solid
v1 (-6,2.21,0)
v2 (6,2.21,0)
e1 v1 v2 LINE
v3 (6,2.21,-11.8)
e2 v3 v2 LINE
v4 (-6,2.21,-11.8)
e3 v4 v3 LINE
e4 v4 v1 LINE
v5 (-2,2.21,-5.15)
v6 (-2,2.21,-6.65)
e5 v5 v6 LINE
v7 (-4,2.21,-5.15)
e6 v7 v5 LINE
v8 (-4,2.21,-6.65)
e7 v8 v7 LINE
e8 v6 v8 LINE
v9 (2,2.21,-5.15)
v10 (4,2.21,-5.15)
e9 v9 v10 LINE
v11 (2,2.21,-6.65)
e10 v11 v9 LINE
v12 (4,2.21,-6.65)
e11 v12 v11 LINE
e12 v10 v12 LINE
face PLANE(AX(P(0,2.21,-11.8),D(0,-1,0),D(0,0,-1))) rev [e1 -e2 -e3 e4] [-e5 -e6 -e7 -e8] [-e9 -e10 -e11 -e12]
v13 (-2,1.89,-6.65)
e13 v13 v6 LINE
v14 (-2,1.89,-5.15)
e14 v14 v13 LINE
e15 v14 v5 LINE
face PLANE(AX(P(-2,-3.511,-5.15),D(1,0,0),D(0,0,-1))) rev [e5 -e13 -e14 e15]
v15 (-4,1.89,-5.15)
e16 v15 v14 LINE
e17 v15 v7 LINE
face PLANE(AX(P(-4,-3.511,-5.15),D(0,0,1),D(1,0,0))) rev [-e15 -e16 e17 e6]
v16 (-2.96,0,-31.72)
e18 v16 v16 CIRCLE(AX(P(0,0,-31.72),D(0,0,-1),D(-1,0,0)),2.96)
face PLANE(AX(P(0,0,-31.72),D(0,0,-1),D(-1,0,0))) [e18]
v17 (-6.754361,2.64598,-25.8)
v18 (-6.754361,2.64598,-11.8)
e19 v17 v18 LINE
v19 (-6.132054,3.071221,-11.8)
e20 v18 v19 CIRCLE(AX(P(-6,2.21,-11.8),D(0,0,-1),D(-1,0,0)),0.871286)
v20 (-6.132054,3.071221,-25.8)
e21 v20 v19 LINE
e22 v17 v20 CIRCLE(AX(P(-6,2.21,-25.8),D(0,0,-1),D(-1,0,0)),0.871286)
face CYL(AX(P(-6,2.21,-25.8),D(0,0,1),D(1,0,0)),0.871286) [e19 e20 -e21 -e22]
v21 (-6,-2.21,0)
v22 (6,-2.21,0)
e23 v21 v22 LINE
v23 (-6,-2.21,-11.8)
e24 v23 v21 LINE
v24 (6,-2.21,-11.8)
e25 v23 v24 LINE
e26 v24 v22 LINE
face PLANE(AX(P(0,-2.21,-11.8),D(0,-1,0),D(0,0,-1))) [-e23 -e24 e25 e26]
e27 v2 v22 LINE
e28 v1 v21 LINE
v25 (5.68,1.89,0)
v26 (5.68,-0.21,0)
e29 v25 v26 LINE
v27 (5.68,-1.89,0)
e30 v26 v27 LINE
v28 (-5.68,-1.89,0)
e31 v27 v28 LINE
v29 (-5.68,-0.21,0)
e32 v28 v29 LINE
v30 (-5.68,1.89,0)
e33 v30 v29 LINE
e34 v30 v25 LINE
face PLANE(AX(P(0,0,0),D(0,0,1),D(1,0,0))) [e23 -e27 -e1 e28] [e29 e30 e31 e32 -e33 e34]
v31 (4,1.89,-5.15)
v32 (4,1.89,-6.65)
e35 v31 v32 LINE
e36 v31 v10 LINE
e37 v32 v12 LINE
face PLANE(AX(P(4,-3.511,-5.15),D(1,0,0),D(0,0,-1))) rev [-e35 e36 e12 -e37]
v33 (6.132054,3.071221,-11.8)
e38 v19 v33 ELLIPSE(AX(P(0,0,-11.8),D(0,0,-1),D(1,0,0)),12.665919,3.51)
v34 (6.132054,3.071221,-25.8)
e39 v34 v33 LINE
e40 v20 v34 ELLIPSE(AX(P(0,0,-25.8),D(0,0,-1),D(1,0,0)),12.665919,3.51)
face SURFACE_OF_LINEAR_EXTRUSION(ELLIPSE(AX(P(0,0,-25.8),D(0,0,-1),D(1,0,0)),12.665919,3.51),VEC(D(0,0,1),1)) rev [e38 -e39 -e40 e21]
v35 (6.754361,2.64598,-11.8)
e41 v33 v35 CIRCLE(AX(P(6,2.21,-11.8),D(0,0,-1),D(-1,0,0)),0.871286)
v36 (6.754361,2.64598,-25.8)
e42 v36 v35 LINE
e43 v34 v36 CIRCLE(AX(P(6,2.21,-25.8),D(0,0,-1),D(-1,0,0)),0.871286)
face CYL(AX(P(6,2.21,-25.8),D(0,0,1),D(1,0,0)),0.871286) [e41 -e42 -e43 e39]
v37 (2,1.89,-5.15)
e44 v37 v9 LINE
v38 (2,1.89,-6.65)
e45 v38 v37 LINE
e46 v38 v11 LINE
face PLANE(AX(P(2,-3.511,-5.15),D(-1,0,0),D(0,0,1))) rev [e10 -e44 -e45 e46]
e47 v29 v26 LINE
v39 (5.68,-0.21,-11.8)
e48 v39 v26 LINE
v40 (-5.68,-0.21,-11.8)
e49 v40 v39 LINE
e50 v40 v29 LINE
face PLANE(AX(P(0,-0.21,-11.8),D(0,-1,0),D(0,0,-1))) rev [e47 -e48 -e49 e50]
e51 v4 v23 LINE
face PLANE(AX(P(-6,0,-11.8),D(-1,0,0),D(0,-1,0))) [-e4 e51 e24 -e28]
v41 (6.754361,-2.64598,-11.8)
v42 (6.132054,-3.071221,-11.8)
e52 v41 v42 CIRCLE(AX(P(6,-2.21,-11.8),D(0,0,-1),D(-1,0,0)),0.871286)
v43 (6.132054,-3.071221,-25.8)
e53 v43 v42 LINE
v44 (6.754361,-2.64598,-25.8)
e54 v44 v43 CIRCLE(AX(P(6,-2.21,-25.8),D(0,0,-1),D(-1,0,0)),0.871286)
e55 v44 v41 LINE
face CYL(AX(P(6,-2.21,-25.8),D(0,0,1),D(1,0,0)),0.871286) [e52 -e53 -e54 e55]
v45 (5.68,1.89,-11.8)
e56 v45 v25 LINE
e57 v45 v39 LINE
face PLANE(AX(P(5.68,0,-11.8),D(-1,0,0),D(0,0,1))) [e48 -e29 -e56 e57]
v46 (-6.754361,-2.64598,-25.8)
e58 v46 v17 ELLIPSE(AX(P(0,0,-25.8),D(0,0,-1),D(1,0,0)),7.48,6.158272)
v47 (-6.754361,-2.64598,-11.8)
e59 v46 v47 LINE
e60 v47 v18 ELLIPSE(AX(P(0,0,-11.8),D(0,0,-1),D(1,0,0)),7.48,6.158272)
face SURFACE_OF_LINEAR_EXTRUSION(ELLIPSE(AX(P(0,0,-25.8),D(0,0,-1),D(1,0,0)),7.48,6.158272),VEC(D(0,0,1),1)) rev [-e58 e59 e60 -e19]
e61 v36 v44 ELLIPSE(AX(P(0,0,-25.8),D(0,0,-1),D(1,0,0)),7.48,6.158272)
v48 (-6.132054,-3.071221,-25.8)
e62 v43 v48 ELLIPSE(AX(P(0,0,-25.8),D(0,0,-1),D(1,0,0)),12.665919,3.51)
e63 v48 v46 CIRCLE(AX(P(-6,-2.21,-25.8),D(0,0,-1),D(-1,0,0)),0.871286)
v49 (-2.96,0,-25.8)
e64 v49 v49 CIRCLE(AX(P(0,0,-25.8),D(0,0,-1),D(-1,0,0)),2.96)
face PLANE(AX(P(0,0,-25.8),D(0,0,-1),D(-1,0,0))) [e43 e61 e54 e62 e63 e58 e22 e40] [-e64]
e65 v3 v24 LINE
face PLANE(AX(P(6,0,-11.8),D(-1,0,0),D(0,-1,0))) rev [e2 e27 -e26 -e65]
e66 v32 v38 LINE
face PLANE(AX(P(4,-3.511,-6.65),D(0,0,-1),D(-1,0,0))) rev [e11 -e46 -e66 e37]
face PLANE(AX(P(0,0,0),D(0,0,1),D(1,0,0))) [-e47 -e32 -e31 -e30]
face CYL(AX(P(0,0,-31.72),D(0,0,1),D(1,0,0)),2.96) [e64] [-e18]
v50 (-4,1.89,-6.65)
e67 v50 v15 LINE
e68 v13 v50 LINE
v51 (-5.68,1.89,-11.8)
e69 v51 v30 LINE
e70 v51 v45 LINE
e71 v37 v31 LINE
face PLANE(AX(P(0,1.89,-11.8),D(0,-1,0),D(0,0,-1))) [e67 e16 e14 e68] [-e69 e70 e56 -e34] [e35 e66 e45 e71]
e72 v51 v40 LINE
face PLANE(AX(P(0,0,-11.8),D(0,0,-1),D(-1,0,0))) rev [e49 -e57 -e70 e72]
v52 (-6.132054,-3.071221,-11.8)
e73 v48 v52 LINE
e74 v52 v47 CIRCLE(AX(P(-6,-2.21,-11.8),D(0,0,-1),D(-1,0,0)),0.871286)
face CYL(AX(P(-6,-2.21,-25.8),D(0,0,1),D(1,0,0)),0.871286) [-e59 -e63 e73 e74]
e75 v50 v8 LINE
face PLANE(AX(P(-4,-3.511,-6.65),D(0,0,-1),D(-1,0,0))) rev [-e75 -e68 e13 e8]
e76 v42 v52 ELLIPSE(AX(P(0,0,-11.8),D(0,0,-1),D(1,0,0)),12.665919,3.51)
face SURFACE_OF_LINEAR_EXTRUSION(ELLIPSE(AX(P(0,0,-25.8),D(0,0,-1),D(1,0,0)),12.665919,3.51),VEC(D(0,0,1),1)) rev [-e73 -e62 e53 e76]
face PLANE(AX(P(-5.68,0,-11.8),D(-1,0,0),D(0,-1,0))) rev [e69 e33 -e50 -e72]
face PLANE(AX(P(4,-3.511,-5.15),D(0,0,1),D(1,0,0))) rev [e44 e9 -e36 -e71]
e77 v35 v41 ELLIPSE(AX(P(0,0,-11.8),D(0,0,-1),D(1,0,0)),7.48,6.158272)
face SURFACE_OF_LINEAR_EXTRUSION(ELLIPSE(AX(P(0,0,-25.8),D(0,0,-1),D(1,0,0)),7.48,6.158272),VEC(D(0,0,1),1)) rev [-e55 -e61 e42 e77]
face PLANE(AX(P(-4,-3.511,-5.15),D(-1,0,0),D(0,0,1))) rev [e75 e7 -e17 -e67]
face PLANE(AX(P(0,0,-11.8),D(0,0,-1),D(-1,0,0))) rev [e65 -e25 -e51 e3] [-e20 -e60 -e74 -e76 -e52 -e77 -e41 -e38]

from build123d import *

# Parameters (mm, degrees)
SKETCH1_W           = 12
SKETCH1_H           = 4.42
SKETCH1_W_2         = 11.36
SKETCH1_H_2         = 2.1
BOSS_EXTRUDE1_DEPTH = 11.8
BOSS_EXTRUDE3_DEPTH = 14
SKETCH3_R           = 2.96
BOSS_EXTRUDE4_DEPTH = 5.92
CUT_EXTRUDE1_REACH  = 35.088
SKETCH4_W           = 2
SKETCH4_H           = 1.5


with BuildPart() as part:
    # Sketch1 → Boss-Extrude1 (new body)
    with BuildSketch(Plane.XY):
        Rectangle(SKETCH1_W, SKETCH1_H)
        with Locations((0, 0.84)):
            Rectangle(SKETCH1_W_2, SKETCH1_H_2, mode=Mode.SUBTRACT)
    extrude(amount=-BOSS_EXTRUDE1_DEPTH)

    # Sketch2 → Boss-Extrude3 (add)
    with BuildSketch(Plane(origin=(0, 0, -11.8), x_dir=(-1, 0, 0), z_dir=(0, 0, -1))):
        with BuildLine():
            ThreePointArc((-6.132053571, 3.071220572), (-6.491568803, 2.929374125), (-6.754360741, 2.64598038))
            add(Edge.make_bspline(
                [(-6.754360741, 2.64598038), (-8.283596649, 0), (-6.754360741, -2.64598038)],
                knots=[5.839065971, 5.839065971, 5.839065971, 6.727304644, 6.727304644, 6.727304644], degree=2, weights=[1, 0.902989404, 1]))
            ThreePointArc((-6.754360741, -2.64598038), (-6.491568803, -2.929374125), (-6.132053571, -3.071220572))
            add(Edge.make_bspline(
                [(-6.132053571, -3.071220572), (0, -4.011467008), (6.132053571, -3.071220572)],
                knots=[1.065418499, 1.065418499, 1.065418499, 2.076174155, 2.076174155, 2.076174155], degree=2, weights=[1, 0.874991616, 1]))
            ThreePointArc((6.132053571, -3.071220572), (6.491568803, -2.929374125), (6.754360741, -2.64598038))
            add(Edge.make_bspline(
                [(6.754360741, -2.64598038), (8.283596649, 0), (6.754360741, 2.64598038)],
                knots=[2.697473317, 2.697473317, 2.697473317, 3.58571199, 3.58571199, 3.58571199], degree=2, weights=[1, 0.902989404, 1]))
            ThreePointArc((6.754360741, 2.64598038), (6.491568803, 2.929374125), (6.132053571, 3.071220572))
            add(Edge.make_bspline(
                [(6.132053571, 3.071220572), (0, 4.011467008), (-6.132053571, 3.071220572)],
                knots=[4.207011152, 4.207011152, 4.207011152, 5.217766808, 5.217766808, 5.217766808], degree=2, weights=[1, 0.874991616, 1]))
        make_face()
    extrude(amount=BOSS_EXTRUDE3_DEPTH)

    # Sketch3 → Boss-Extrude4 (add)
    with BuildSketch(Plane(origin=(0, 0, -25.8), x_dir=(-1, 0, 0), z_dir=(0, 0, -1))):
        Circle(SKETCH3_R)
    extrude(amount=BOSS_EXTRUDE4_DEPTH)

    # Sketch4 → Cut-Extrude1 (cut, up to next)
    with BuildSketch(Plane(origin=(0, 2.21, 0), x_dir=(1, 0, 0), z_dir=(0, 1, 0)), mode=Mode.PRIVATE) as cut_extrude1_sk1:
        with Locations((3, 5.9)):
            Rectangle(SKETCH4_W, SKETCH4_H)
    cut_extrude1_tool1 = extrude(cut_extrude1_sk1.sketch, amount=-CUT_EXTRUDE1_REACH, mode=Mode.PRIVATE) & part.part
    # Sketch4 → Cut-Extrude1 (cut, up to next)
    with BuildSketch(Plane(origin=(0, 2.21, 0), x_dir=(1, 0, 0), z_dir=(0, 1, 0)), mode=Mode.PRIVATE) as cut_extrude1_sk2:
        with Locations((-3, 5.9)):
            Rectangle(SKETCH4_W, SKETCH4_H)
    cut_extrude1_tool2 = extrude(cut_extrude1_sk2.sketch, amount=-CUT_EXTRUDE1_REACH, mode=Mode.PRIVATE) & part.part
    add(cut_extrude1_tool1.solids().sort_by_distance((3, 2.21, -5.9))[0], mode=Mode.SUBTRACT)
    add(cut_extrude1_tool2.solids().sort_by_distance((-3, 2.21, -5.9))[0], mode=Mode.SUBTRACT)


solid = part.part
